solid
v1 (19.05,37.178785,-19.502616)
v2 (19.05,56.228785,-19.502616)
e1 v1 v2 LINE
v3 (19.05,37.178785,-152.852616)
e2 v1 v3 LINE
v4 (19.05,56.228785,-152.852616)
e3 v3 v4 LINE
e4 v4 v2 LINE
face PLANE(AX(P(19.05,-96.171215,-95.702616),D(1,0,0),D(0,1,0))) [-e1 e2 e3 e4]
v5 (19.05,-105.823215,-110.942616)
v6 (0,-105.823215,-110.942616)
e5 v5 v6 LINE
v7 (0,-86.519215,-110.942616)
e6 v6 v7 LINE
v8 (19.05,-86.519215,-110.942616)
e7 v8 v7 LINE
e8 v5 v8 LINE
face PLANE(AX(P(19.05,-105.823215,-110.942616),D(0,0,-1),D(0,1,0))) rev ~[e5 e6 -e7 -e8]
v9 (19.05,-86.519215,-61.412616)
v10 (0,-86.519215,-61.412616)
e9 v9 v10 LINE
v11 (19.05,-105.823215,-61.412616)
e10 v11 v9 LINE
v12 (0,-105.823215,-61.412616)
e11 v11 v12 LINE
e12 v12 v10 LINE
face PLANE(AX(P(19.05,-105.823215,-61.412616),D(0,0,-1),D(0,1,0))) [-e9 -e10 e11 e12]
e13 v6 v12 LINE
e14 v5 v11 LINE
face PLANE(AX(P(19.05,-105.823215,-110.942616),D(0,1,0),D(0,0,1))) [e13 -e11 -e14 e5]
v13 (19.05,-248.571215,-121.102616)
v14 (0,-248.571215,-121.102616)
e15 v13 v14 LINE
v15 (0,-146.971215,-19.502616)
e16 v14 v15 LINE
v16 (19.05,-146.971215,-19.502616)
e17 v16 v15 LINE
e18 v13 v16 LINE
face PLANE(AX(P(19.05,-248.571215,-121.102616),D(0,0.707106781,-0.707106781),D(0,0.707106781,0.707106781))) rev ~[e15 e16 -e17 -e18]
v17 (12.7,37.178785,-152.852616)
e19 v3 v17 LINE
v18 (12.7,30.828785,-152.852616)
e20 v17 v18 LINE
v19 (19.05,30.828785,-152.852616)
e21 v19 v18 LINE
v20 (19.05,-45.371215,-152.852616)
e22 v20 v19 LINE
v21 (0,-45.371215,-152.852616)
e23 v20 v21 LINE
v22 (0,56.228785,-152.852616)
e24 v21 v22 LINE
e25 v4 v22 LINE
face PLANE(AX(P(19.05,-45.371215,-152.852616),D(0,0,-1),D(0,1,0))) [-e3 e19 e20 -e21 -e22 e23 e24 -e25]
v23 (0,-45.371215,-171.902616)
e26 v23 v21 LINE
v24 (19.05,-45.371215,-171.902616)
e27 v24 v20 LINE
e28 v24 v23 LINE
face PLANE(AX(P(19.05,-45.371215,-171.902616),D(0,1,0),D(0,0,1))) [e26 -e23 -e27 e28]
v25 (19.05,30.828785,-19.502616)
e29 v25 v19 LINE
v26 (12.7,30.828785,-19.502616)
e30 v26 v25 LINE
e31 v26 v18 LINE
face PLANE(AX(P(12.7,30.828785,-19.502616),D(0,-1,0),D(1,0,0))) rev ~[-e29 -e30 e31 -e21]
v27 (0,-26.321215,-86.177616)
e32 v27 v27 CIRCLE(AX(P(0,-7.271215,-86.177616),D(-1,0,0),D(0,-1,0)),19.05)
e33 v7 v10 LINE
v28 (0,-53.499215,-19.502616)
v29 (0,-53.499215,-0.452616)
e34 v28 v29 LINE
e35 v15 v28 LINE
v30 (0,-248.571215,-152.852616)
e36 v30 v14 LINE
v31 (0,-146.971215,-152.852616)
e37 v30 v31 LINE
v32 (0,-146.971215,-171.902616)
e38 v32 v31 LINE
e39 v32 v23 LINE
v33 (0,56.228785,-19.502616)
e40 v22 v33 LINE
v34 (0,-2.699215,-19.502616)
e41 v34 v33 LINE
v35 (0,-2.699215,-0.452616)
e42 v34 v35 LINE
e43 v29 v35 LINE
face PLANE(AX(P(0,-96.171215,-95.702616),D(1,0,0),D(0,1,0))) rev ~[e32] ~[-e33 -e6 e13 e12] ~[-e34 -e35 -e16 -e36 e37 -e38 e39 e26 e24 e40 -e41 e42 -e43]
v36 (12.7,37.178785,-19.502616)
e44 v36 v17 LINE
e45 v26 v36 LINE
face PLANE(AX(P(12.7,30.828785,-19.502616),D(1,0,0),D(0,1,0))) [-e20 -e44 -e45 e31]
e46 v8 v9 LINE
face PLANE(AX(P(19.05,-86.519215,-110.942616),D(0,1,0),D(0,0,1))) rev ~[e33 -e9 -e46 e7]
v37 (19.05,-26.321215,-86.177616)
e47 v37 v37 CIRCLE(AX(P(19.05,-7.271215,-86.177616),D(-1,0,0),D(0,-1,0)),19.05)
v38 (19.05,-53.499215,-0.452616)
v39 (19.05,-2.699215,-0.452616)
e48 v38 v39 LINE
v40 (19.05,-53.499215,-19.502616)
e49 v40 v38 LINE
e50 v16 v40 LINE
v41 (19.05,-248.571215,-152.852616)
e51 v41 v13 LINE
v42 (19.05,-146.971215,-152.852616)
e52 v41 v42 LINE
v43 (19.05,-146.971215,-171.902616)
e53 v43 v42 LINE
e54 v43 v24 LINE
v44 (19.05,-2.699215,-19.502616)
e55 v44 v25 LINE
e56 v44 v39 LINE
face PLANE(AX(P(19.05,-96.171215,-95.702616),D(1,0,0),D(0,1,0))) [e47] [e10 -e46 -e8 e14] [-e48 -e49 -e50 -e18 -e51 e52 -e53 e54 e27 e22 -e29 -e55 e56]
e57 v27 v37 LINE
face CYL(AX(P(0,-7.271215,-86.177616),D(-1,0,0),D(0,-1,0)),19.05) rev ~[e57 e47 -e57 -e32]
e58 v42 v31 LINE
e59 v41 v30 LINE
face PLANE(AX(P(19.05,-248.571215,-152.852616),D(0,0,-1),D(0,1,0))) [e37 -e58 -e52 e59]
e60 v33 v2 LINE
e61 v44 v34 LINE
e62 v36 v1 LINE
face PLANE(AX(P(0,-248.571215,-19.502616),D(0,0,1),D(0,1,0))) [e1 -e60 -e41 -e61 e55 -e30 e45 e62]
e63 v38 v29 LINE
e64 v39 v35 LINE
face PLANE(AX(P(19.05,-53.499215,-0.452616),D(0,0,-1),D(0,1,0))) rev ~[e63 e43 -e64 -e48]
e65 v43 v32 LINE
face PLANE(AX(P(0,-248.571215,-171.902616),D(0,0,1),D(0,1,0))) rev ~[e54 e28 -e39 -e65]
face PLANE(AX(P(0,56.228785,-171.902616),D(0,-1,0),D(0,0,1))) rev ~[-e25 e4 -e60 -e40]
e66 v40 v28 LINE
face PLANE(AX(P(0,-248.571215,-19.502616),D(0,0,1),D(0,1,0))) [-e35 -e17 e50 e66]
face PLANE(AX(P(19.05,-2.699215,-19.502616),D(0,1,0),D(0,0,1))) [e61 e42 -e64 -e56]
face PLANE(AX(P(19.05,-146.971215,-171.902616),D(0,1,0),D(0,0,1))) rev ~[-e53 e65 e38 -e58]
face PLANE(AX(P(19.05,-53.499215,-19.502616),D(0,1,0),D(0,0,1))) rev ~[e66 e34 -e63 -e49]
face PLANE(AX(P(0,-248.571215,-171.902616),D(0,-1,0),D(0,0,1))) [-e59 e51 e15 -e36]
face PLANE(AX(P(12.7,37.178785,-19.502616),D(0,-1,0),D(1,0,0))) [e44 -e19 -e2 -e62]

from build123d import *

# Parameters (mm, degrees)
F0_W      = 304.8
F0_H      = 152.4
F1_DEPTH  = 19.05
F2_W      = 101.6
F2_H      = 19.05
F3_DEPTH  = 19.051
F4_W      = 19.304
F4_H      = 49.53
F5_DEPTH  = 19.051
F6_W      = 6.35
F6_H      = 6.35
F7_DEPTH  = 152.401
F9_DEPTH  = 19.051
F10_R     = 19.05
F11_DEPTH = 19.051
F12_W     = 50.8
F12_H     = 19.05
F13_DEPTH = 19.05


with BuildPart() as f1:
    # F0 (on Right) → F1 (new body)
    with BuildSketch(Plane.YZ):
        with Locations((-96.171215, -95.702616)):
            Rectangle(F0_W, F0_H)
    extrude(amount=F1_DEPTH)

    # F2 (on face) → F3 (cut, through all)
    with BuildSketch(Plane.YZ.offset(19.05)):
        with Locations((-197.771215, -162.377616)):
            Rectangle(F2_W, F2_H)
        with Locations((5.428785, -162.377616)):
            Rectangle(F2_W, F2_H)
    extrude(amount=-F3_DEPTH, mode=Mode.SUBTRACT)

    # F4 (on face) → F5 (cut, through all)
    with BuildSketch(Plane.YZ.offset(19.05)):
        with Locations((-96.171215, -86.177616)):
            Rectangle(F4_W, F4_H)
    extrude(amount=-F5_DEPTH, mode=Mode.SUBTRACT)

    # F6 (on face) → F7 (cut, through all)
    with BuildSketch(Plane.XY.offset(-19.502616)):
        with Locations((15.875, 34.003785)):
            Rectangle(F6_W, F6_H)
    extrude(amount=-F7_DEPTH, mode=Mode.SUBTRACT)

    # F8 (on face) → F9 (cut, through all)
    with BuildSketch(Plane.YZ.offset(19.05)):
        Polygon((-146.971215, -19.502616), (-248.571215, -19.502616), (-248.571215, -121.102616), align=None)
    extrude(amount=-F9_DEPTH, mode=Mode.SUBTRACT)

    # F10 (on face) → F11 (cut, through all)
    with BuildSketch(Plane(origin=(0, 0, 0), x_dir=(0, -1, 0), z_dir=(-1, 0, 0))):
        with Locations((7.271215, -86.177616)):
            Circle(F10_R)
    extrude(amount=-F11_DEPTH, mode=Mode.SUBTRACT)

    # F12 (on face) → F13 (join)
    with BuildSketch(Plane.YZ.offset(19.05)):
        with Locations((-28.099215, -9.977616)):
            Rectangle(F12_W, F12_H)
    extrude(amount=-F13_DEPTH)


solid = f1.part
